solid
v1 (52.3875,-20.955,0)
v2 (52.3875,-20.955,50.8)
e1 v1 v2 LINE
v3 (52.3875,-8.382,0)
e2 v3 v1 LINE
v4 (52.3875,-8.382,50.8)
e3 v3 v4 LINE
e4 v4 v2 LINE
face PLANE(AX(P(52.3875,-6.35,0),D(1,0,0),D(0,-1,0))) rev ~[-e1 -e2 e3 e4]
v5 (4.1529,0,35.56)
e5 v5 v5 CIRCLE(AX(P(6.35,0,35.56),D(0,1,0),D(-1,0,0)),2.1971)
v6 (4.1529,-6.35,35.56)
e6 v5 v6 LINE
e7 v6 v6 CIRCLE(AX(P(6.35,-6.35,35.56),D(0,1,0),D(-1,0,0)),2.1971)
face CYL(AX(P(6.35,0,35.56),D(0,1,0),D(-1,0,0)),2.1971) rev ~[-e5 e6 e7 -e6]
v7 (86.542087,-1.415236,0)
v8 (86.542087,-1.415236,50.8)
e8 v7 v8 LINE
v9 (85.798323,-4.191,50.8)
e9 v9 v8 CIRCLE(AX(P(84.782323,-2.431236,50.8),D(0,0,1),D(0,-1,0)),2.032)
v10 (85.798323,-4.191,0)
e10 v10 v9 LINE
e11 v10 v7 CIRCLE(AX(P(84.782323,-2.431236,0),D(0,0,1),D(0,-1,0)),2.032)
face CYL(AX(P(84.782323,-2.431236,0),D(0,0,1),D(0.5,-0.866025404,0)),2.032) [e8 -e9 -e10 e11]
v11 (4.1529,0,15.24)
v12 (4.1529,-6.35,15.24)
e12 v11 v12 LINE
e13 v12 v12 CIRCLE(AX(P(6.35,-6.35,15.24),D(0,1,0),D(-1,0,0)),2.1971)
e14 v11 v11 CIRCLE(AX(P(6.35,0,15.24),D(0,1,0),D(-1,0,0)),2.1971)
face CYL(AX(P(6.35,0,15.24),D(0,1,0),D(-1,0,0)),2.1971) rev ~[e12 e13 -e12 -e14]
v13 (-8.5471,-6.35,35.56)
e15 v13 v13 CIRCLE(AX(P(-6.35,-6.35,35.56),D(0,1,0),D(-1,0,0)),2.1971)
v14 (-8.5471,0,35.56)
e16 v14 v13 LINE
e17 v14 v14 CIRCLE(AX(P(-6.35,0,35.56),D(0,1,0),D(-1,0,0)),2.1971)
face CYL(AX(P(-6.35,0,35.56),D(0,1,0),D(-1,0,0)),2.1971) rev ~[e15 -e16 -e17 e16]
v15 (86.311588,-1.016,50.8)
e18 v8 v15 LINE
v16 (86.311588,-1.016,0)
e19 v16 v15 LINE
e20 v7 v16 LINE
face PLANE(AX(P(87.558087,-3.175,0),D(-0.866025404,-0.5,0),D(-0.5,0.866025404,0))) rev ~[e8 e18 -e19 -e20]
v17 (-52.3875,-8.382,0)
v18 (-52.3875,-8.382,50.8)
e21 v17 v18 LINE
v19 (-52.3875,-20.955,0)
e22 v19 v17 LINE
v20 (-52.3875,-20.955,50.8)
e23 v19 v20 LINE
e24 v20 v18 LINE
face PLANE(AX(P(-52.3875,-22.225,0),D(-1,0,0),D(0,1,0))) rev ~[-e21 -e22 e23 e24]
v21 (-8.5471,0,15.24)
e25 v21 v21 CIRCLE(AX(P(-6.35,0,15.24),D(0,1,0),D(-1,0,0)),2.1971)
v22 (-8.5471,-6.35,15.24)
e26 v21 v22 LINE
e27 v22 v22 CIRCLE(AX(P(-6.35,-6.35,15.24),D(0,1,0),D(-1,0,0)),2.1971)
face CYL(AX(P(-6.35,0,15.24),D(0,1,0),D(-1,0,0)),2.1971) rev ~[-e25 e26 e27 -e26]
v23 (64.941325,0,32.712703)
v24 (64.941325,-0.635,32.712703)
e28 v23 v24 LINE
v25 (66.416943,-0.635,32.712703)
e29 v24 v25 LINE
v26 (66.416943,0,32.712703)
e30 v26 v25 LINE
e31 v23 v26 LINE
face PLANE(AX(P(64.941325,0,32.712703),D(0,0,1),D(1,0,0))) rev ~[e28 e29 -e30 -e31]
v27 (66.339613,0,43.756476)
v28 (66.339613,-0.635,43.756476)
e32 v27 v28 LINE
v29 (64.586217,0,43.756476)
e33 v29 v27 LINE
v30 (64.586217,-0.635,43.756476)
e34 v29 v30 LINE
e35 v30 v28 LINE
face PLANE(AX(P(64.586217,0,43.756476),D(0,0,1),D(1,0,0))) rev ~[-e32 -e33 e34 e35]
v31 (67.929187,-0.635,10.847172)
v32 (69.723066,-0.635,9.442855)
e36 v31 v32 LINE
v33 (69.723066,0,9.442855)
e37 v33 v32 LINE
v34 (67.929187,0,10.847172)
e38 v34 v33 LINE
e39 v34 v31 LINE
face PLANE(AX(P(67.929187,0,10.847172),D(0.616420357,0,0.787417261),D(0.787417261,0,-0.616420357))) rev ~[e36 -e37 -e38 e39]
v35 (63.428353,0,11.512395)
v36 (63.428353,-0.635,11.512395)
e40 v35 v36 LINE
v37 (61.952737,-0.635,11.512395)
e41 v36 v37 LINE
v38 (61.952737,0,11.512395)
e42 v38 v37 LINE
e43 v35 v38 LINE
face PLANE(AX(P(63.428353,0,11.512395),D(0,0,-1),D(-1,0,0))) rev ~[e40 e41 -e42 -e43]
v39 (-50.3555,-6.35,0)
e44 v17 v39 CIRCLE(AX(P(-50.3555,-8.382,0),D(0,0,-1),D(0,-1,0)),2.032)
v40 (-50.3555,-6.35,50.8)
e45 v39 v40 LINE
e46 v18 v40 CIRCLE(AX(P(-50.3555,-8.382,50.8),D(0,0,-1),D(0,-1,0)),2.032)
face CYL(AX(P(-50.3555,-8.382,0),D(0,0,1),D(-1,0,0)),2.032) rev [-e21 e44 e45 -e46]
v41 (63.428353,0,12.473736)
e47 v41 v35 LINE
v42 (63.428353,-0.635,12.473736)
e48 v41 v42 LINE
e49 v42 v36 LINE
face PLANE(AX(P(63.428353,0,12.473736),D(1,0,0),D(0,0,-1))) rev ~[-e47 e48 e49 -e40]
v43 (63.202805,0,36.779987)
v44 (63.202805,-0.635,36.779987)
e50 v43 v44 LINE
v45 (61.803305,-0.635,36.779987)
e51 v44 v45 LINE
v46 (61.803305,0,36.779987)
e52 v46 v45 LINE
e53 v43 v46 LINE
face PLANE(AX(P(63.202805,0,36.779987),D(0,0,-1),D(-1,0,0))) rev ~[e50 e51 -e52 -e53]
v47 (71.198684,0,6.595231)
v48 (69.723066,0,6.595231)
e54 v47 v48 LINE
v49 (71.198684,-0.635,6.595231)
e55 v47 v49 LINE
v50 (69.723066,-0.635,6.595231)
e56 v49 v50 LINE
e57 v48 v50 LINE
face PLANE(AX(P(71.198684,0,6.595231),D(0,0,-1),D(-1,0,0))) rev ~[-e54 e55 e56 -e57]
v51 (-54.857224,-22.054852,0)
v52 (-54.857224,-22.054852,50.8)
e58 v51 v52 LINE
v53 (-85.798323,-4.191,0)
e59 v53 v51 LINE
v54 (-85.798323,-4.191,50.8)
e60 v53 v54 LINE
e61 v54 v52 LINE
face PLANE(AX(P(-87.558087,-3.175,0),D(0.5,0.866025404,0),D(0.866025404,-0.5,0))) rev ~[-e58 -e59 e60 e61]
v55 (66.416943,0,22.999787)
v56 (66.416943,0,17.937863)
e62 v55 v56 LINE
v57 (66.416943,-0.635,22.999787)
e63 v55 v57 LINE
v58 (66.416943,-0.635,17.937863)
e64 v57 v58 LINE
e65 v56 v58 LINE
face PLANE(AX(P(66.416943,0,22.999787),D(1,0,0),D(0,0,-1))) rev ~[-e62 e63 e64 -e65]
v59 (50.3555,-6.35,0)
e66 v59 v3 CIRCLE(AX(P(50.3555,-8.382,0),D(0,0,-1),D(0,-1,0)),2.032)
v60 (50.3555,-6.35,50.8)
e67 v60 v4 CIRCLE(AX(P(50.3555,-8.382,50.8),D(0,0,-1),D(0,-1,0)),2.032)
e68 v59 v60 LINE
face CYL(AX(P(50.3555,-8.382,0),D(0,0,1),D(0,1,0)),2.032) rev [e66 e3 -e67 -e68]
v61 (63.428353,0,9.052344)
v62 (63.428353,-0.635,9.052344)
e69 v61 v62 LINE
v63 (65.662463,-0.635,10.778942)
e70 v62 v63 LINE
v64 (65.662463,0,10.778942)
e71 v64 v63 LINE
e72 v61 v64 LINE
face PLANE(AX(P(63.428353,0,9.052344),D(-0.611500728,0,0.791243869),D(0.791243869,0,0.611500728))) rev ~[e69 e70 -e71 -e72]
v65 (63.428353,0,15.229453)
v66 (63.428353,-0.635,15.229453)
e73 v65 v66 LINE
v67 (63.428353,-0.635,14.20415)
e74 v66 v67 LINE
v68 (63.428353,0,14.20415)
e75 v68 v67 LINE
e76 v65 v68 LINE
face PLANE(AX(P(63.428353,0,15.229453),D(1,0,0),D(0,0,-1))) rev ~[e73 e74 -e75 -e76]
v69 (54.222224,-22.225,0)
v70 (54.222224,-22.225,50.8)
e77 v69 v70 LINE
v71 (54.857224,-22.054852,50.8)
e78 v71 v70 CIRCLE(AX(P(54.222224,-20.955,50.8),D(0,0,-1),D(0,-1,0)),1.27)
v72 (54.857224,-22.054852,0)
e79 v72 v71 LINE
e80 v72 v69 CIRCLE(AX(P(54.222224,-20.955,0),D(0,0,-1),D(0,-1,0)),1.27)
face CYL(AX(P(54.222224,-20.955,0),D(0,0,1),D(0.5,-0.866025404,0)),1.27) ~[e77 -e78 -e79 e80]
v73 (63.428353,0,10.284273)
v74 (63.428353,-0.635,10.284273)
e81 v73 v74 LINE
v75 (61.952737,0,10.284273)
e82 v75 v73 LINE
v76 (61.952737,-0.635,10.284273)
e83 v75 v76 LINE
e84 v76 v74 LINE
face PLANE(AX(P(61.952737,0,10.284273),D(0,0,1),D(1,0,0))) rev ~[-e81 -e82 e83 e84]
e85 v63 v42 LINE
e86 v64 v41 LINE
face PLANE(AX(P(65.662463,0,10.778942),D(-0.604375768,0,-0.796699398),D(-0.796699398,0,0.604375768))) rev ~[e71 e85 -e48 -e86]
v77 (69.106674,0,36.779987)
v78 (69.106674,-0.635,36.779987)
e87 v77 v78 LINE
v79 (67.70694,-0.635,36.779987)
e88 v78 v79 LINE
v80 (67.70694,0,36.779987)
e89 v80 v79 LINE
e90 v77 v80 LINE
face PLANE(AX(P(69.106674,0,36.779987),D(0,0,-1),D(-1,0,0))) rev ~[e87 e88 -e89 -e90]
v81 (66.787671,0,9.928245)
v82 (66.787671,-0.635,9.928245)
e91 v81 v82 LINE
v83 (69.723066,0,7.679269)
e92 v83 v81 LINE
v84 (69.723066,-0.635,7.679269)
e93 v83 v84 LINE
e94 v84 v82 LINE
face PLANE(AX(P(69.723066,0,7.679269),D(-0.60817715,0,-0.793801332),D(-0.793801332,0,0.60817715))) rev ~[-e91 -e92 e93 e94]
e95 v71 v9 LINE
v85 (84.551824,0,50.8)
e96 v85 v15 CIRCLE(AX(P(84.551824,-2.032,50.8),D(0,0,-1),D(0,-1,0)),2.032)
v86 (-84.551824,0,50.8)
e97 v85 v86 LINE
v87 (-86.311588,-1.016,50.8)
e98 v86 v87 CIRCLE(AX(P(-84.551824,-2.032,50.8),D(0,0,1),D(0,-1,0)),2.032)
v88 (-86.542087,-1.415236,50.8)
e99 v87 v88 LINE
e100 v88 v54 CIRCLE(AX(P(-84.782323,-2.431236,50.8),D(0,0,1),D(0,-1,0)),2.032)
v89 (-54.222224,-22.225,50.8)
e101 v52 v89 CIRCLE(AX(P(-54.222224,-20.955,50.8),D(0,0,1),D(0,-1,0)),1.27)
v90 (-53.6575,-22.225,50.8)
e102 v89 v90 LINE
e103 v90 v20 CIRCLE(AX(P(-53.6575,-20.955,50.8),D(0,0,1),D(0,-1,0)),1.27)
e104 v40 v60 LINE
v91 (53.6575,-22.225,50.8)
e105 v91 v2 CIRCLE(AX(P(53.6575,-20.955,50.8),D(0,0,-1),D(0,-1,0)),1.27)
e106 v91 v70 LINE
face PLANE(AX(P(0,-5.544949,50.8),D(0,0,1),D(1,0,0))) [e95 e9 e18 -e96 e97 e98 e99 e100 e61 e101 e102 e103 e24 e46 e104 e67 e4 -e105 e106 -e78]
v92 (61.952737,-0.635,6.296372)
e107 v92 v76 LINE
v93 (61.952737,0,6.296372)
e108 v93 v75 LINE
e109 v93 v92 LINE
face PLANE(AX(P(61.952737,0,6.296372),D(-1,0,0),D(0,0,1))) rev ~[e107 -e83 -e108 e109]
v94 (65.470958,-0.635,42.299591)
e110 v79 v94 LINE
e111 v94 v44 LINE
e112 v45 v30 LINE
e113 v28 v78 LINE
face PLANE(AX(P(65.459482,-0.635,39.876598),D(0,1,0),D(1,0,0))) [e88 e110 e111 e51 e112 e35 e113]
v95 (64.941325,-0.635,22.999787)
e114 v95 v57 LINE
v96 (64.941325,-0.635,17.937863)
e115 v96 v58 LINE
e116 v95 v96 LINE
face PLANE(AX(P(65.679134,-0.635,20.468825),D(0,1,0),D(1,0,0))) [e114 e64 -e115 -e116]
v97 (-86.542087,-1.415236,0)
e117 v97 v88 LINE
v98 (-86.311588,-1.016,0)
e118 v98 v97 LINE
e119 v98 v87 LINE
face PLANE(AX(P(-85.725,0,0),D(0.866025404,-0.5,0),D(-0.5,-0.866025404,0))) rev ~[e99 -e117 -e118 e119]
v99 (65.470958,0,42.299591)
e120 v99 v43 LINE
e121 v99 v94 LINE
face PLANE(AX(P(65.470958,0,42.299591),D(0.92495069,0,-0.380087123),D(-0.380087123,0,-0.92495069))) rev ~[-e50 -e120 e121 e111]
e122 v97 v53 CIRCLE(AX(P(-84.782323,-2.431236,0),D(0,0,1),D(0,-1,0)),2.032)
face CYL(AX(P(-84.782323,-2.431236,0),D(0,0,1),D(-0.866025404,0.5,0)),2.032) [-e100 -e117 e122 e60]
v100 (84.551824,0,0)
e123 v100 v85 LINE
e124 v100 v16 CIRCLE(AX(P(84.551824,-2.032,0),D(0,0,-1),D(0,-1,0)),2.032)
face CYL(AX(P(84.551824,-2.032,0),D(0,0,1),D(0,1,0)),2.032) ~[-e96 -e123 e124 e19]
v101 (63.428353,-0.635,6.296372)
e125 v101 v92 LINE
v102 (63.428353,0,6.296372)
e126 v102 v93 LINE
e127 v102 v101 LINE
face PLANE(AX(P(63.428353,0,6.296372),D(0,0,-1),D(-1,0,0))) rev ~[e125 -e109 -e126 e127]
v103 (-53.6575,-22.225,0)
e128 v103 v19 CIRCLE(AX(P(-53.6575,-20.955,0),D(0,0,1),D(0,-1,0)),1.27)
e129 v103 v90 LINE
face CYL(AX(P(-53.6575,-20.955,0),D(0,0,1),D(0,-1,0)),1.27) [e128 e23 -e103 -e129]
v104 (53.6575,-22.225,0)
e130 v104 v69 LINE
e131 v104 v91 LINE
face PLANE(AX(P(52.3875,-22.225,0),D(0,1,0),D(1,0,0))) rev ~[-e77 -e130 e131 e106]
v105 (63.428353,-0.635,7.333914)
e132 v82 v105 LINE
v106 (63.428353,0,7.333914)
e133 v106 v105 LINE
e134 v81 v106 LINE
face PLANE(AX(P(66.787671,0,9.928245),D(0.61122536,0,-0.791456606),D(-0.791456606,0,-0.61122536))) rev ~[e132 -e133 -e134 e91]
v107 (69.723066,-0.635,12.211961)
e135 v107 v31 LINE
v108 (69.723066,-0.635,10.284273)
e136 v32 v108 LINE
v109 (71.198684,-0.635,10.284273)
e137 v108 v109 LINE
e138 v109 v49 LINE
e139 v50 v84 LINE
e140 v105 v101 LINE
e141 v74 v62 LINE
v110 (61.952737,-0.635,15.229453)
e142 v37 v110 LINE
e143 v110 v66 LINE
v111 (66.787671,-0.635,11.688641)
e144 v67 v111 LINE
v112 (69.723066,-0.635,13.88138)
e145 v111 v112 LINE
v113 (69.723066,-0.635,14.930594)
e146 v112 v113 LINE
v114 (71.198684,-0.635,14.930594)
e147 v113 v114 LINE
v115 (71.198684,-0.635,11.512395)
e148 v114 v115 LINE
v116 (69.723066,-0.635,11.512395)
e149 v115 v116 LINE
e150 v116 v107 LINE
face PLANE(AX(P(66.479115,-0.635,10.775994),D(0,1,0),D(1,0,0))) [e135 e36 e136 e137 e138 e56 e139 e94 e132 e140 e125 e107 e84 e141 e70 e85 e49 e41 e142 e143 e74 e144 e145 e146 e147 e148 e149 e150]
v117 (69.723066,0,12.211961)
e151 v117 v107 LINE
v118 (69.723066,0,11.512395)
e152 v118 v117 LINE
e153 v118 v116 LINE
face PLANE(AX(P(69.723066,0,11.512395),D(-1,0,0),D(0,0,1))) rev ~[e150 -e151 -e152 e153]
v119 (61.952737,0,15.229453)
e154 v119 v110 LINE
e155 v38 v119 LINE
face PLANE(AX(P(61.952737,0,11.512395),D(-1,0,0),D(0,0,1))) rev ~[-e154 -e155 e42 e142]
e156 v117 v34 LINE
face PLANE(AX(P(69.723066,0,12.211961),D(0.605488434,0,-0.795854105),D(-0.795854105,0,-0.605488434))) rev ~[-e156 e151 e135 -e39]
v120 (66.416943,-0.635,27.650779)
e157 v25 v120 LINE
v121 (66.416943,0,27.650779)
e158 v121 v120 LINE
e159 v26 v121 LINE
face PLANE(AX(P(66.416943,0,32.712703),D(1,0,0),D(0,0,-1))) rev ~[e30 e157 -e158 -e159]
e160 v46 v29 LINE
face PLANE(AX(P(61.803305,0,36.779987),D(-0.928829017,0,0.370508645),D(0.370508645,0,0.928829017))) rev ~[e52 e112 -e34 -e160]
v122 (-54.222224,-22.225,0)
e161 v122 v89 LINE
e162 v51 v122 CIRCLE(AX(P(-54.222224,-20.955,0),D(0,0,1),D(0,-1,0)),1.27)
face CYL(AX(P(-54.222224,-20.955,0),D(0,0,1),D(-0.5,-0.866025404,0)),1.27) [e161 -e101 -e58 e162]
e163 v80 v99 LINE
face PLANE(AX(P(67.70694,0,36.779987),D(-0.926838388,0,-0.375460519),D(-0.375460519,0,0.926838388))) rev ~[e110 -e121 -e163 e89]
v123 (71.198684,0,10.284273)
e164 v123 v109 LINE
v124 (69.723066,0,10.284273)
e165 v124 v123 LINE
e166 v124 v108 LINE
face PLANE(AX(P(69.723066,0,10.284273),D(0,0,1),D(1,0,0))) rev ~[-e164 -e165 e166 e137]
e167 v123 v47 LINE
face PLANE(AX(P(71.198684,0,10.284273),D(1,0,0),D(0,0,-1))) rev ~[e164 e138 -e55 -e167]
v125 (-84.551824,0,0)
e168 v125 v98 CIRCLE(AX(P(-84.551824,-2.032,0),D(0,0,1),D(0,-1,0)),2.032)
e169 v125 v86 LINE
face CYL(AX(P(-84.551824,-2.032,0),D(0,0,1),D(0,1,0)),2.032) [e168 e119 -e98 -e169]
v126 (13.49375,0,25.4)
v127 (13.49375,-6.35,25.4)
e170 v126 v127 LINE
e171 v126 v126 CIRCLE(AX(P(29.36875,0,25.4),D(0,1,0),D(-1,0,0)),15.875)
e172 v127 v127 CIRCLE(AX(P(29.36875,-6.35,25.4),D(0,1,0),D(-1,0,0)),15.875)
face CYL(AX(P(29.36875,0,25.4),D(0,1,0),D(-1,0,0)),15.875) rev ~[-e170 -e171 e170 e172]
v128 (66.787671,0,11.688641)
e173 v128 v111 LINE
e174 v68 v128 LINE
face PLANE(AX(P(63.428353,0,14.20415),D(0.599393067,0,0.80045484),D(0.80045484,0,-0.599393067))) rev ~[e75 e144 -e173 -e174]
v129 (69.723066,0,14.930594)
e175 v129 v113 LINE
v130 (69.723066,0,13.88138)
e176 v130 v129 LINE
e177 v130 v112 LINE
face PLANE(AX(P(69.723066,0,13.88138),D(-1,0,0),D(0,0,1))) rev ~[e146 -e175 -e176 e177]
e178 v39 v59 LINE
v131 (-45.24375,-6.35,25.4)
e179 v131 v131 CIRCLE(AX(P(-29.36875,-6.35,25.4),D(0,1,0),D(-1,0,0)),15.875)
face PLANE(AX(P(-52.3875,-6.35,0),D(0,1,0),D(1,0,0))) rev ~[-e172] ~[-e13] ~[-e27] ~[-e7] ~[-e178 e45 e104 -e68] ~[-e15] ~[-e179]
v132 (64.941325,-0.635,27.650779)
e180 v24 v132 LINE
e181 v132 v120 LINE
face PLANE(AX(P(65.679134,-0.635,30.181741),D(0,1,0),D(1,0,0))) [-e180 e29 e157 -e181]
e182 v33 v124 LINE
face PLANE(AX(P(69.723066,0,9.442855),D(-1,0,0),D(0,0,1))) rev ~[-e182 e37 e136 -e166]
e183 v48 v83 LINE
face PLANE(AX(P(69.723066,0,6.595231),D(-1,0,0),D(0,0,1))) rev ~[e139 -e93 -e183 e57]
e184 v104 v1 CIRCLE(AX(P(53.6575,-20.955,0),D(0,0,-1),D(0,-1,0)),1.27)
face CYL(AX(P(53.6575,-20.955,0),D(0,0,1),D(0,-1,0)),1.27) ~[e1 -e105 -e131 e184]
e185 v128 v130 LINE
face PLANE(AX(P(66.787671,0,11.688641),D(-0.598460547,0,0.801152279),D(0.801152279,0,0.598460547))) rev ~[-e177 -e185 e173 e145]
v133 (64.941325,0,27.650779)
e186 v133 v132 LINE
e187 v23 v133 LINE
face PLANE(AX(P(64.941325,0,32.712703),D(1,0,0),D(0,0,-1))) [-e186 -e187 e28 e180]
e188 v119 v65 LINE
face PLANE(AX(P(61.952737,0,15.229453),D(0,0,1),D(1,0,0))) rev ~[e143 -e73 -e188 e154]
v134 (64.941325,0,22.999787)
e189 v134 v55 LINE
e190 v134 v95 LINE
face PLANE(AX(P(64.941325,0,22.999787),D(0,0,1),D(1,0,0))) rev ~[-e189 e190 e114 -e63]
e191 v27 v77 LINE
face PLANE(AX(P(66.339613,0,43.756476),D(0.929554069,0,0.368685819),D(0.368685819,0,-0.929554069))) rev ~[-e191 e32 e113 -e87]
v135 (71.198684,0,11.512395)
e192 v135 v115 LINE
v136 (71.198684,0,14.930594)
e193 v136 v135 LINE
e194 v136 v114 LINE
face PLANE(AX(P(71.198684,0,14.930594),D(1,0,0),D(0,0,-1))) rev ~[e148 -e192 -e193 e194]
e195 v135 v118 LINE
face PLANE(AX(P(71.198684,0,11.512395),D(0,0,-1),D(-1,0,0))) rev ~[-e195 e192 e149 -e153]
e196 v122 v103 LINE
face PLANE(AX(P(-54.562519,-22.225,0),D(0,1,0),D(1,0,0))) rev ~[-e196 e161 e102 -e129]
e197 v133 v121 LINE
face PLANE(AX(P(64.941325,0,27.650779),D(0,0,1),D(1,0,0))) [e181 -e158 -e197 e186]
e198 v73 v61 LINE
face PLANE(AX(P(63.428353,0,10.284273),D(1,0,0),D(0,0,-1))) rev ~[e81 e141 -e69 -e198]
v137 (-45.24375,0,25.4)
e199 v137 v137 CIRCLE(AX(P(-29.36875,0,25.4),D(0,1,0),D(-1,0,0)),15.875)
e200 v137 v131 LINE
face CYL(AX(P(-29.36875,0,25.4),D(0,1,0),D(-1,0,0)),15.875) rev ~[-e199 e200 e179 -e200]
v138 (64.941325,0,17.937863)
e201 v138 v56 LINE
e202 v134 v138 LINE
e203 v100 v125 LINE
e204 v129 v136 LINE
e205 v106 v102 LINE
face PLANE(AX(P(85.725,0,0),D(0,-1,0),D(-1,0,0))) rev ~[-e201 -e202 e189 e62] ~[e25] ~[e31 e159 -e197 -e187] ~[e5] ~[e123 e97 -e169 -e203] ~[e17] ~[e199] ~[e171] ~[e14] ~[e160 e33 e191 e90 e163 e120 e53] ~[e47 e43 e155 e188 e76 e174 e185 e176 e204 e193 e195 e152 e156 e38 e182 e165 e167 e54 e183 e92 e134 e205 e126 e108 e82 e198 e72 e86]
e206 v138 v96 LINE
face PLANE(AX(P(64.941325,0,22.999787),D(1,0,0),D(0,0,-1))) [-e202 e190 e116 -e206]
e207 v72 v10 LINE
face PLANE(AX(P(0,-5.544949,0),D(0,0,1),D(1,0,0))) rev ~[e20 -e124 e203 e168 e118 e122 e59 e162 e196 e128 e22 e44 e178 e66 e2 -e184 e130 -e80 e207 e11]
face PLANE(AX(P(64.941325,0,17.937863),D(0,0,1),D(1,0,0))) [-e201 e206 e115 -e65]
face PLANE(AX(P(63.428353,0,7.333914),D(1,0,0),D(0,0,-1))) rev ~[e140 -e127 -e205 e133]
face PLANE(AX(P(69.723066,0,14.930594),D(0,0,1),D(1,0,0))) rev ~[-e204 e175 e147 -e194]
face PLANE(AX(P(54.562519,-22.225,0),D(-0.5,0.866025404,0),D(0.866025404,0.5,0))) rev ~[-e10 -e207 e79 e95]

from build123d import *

# Parameters (mm, degrees)
BOSS_EXTRUDE1_DEPTH = 50.8
FILLET1_R           = 2.032
FILLET2_R           = 1.27
SKETCH2_R           = 2.1971
SKETCH2_R_2         = 15.875
CUT_EXTRUDE1_DEPTH  = 104.011248837
SKETCH3_W           = 1.47561847
SKETCH3_H           = 5.061923893
CUT_EXTRUDE2_DEPTH  = 0.635


with BuildPart() as part:
    # Sketch1 → Boss-Extrude1 (new body)
    with BuildSketch(Plane.XY):
        Polygon((85.725, 0), (-85.725, 0), (-87.558087105, -3.175), (-54.56251922, -22.225), (-52.3875, -22.225), (-52.3875, -6.35), (52.3875, -6.35), (52.3875, -22.225), (54.56251922, -22.225), (87.558087105, -3.175), align=None)
    extrude(amount=BOSS_EXTRUDE1_DEPTH)

    # Fillet1
    fillet1_edges = [part.edges().sort_by_distance(p)[0] for p in [
        (-85.725, 0, 25.4),
        (85.725, 0, 25.4),
        (87.558087105, -3.175, 25.4),
        (52.3875, -6.35, 25.4),
        (-52.3875, -6.35, 25.4),
        (-87.558087105, -3.175, 25.4),
    ]]
    fillet(fillet1_edges, radius=FILLET1_R)

    # Fillet2
    fillet2_edges = [part.edges().sort_by_distance(p)[0] for p in [
        (54.56251922, -22.225, 25.4),
        (52.3875, -22.225, 25.4),
        (-52.3875, -22.225, 25.4),
        (-54.56251922, -22.225, 25.4),
    ]]
    fillet(fillet2_edges, radius=FILLET2_R)

    # Sketch2 → Cut-Extrude1 (cut, through all)
    with BuildSketch(Plane(origin=(0, 0, 0), x_dir=(1, 0, 0), z_dir=(0, 1, 0))):
        with Locations(Location((6.35, -35.56, 0), (0, 0, 180))):
            Circle(SKETCH2_R)
        with Locations(Location((-6.35, -35.56, 0), (0, 0, 180))):
            Circle(SKETCH2_R)
        with Locations(Location((-6.35, -15.24, 0), (0, 0, 180))):
            Circle(SKETCH2_R)
        with Locations(Location((6.35, -15.24, 0), (0, 0, 180))):
            Circle(SKETCH2_R)
        with Locations(Location((29.36875, -25.4, 0), (0, 0, 180))):
            Circle(SKETCH2_R_2)
        with Locations(Location((-29.36875, -25.4, 0), (0, 0, 180))):
            Circle(SKETCH2_R_2)
    extrude(amount=-CUT_EXTRUDE1_DEPTH, mode=Mode.SUBTRACT)

    # Sketch3 → Cut-Extrude2 (cut)
    with BuildSketch(Plane(origin=(0, 0, 0), x_dir=(1, 0, 0), z_dir=(0, 1, 0))):
        Polygon((61.952737106, -15.22945322), (63.428353296, -15.22945322), (63.428353296, -14.204150233), (66.787671186, -11.688640612), (69.723065901, -13.881379712), (69.723065901, -14.930594244), (71.198684372, -14.930594244), (71.198684372, -11.512394715), (69.723065901, -11.512394715), (69.723065901, -12.211960755), (67.929186974, -10.847171738), (69.723065901, -9.442854683), (69.723065901, -10.284273394), (71.198684372, -10.284273394), (71.198684372, -6.595230639), (69.723065901, -6.595230639), (69.723065901, -7.679269337), (66.787671186, -9.928245145), (63.428353296, -7.333914297), (63.428353296, -6.296371664), (61.952737106, -6.296371664), (61.952737106, -10.284273394), (63.428353296, -10.284273394), (63.428353296, -9.052344284), (65.662462767, -10.778941636), (63.428353296, -12.473735972), (63.428353296, -11.512394715), (61.952737106, -11.512394715), align=None)
        with Locations((65.679133813, -20.468824629)):
            Rectangle(SKETCH3_W, SKETCH3_H)
        with Locations((65.679133813, -30.181741323)):
            Rectangle(SKETCH3_W, SKETCH3_H)
        Polygon((64.586217495, -43.756476338), (66.339613015, -43.756476338), (69.106673825, -36.779987136), (67.706939797, -36.779987136), (65.470958353, -42.299591277), (63.202804515, -36.779987136), (61.803305338, -36.779987136), align=None)
    extrude(amount=-CUT_EXTRUDE2_DEPTH, mode=Mode.SUBTRACT)


solid = part.part
